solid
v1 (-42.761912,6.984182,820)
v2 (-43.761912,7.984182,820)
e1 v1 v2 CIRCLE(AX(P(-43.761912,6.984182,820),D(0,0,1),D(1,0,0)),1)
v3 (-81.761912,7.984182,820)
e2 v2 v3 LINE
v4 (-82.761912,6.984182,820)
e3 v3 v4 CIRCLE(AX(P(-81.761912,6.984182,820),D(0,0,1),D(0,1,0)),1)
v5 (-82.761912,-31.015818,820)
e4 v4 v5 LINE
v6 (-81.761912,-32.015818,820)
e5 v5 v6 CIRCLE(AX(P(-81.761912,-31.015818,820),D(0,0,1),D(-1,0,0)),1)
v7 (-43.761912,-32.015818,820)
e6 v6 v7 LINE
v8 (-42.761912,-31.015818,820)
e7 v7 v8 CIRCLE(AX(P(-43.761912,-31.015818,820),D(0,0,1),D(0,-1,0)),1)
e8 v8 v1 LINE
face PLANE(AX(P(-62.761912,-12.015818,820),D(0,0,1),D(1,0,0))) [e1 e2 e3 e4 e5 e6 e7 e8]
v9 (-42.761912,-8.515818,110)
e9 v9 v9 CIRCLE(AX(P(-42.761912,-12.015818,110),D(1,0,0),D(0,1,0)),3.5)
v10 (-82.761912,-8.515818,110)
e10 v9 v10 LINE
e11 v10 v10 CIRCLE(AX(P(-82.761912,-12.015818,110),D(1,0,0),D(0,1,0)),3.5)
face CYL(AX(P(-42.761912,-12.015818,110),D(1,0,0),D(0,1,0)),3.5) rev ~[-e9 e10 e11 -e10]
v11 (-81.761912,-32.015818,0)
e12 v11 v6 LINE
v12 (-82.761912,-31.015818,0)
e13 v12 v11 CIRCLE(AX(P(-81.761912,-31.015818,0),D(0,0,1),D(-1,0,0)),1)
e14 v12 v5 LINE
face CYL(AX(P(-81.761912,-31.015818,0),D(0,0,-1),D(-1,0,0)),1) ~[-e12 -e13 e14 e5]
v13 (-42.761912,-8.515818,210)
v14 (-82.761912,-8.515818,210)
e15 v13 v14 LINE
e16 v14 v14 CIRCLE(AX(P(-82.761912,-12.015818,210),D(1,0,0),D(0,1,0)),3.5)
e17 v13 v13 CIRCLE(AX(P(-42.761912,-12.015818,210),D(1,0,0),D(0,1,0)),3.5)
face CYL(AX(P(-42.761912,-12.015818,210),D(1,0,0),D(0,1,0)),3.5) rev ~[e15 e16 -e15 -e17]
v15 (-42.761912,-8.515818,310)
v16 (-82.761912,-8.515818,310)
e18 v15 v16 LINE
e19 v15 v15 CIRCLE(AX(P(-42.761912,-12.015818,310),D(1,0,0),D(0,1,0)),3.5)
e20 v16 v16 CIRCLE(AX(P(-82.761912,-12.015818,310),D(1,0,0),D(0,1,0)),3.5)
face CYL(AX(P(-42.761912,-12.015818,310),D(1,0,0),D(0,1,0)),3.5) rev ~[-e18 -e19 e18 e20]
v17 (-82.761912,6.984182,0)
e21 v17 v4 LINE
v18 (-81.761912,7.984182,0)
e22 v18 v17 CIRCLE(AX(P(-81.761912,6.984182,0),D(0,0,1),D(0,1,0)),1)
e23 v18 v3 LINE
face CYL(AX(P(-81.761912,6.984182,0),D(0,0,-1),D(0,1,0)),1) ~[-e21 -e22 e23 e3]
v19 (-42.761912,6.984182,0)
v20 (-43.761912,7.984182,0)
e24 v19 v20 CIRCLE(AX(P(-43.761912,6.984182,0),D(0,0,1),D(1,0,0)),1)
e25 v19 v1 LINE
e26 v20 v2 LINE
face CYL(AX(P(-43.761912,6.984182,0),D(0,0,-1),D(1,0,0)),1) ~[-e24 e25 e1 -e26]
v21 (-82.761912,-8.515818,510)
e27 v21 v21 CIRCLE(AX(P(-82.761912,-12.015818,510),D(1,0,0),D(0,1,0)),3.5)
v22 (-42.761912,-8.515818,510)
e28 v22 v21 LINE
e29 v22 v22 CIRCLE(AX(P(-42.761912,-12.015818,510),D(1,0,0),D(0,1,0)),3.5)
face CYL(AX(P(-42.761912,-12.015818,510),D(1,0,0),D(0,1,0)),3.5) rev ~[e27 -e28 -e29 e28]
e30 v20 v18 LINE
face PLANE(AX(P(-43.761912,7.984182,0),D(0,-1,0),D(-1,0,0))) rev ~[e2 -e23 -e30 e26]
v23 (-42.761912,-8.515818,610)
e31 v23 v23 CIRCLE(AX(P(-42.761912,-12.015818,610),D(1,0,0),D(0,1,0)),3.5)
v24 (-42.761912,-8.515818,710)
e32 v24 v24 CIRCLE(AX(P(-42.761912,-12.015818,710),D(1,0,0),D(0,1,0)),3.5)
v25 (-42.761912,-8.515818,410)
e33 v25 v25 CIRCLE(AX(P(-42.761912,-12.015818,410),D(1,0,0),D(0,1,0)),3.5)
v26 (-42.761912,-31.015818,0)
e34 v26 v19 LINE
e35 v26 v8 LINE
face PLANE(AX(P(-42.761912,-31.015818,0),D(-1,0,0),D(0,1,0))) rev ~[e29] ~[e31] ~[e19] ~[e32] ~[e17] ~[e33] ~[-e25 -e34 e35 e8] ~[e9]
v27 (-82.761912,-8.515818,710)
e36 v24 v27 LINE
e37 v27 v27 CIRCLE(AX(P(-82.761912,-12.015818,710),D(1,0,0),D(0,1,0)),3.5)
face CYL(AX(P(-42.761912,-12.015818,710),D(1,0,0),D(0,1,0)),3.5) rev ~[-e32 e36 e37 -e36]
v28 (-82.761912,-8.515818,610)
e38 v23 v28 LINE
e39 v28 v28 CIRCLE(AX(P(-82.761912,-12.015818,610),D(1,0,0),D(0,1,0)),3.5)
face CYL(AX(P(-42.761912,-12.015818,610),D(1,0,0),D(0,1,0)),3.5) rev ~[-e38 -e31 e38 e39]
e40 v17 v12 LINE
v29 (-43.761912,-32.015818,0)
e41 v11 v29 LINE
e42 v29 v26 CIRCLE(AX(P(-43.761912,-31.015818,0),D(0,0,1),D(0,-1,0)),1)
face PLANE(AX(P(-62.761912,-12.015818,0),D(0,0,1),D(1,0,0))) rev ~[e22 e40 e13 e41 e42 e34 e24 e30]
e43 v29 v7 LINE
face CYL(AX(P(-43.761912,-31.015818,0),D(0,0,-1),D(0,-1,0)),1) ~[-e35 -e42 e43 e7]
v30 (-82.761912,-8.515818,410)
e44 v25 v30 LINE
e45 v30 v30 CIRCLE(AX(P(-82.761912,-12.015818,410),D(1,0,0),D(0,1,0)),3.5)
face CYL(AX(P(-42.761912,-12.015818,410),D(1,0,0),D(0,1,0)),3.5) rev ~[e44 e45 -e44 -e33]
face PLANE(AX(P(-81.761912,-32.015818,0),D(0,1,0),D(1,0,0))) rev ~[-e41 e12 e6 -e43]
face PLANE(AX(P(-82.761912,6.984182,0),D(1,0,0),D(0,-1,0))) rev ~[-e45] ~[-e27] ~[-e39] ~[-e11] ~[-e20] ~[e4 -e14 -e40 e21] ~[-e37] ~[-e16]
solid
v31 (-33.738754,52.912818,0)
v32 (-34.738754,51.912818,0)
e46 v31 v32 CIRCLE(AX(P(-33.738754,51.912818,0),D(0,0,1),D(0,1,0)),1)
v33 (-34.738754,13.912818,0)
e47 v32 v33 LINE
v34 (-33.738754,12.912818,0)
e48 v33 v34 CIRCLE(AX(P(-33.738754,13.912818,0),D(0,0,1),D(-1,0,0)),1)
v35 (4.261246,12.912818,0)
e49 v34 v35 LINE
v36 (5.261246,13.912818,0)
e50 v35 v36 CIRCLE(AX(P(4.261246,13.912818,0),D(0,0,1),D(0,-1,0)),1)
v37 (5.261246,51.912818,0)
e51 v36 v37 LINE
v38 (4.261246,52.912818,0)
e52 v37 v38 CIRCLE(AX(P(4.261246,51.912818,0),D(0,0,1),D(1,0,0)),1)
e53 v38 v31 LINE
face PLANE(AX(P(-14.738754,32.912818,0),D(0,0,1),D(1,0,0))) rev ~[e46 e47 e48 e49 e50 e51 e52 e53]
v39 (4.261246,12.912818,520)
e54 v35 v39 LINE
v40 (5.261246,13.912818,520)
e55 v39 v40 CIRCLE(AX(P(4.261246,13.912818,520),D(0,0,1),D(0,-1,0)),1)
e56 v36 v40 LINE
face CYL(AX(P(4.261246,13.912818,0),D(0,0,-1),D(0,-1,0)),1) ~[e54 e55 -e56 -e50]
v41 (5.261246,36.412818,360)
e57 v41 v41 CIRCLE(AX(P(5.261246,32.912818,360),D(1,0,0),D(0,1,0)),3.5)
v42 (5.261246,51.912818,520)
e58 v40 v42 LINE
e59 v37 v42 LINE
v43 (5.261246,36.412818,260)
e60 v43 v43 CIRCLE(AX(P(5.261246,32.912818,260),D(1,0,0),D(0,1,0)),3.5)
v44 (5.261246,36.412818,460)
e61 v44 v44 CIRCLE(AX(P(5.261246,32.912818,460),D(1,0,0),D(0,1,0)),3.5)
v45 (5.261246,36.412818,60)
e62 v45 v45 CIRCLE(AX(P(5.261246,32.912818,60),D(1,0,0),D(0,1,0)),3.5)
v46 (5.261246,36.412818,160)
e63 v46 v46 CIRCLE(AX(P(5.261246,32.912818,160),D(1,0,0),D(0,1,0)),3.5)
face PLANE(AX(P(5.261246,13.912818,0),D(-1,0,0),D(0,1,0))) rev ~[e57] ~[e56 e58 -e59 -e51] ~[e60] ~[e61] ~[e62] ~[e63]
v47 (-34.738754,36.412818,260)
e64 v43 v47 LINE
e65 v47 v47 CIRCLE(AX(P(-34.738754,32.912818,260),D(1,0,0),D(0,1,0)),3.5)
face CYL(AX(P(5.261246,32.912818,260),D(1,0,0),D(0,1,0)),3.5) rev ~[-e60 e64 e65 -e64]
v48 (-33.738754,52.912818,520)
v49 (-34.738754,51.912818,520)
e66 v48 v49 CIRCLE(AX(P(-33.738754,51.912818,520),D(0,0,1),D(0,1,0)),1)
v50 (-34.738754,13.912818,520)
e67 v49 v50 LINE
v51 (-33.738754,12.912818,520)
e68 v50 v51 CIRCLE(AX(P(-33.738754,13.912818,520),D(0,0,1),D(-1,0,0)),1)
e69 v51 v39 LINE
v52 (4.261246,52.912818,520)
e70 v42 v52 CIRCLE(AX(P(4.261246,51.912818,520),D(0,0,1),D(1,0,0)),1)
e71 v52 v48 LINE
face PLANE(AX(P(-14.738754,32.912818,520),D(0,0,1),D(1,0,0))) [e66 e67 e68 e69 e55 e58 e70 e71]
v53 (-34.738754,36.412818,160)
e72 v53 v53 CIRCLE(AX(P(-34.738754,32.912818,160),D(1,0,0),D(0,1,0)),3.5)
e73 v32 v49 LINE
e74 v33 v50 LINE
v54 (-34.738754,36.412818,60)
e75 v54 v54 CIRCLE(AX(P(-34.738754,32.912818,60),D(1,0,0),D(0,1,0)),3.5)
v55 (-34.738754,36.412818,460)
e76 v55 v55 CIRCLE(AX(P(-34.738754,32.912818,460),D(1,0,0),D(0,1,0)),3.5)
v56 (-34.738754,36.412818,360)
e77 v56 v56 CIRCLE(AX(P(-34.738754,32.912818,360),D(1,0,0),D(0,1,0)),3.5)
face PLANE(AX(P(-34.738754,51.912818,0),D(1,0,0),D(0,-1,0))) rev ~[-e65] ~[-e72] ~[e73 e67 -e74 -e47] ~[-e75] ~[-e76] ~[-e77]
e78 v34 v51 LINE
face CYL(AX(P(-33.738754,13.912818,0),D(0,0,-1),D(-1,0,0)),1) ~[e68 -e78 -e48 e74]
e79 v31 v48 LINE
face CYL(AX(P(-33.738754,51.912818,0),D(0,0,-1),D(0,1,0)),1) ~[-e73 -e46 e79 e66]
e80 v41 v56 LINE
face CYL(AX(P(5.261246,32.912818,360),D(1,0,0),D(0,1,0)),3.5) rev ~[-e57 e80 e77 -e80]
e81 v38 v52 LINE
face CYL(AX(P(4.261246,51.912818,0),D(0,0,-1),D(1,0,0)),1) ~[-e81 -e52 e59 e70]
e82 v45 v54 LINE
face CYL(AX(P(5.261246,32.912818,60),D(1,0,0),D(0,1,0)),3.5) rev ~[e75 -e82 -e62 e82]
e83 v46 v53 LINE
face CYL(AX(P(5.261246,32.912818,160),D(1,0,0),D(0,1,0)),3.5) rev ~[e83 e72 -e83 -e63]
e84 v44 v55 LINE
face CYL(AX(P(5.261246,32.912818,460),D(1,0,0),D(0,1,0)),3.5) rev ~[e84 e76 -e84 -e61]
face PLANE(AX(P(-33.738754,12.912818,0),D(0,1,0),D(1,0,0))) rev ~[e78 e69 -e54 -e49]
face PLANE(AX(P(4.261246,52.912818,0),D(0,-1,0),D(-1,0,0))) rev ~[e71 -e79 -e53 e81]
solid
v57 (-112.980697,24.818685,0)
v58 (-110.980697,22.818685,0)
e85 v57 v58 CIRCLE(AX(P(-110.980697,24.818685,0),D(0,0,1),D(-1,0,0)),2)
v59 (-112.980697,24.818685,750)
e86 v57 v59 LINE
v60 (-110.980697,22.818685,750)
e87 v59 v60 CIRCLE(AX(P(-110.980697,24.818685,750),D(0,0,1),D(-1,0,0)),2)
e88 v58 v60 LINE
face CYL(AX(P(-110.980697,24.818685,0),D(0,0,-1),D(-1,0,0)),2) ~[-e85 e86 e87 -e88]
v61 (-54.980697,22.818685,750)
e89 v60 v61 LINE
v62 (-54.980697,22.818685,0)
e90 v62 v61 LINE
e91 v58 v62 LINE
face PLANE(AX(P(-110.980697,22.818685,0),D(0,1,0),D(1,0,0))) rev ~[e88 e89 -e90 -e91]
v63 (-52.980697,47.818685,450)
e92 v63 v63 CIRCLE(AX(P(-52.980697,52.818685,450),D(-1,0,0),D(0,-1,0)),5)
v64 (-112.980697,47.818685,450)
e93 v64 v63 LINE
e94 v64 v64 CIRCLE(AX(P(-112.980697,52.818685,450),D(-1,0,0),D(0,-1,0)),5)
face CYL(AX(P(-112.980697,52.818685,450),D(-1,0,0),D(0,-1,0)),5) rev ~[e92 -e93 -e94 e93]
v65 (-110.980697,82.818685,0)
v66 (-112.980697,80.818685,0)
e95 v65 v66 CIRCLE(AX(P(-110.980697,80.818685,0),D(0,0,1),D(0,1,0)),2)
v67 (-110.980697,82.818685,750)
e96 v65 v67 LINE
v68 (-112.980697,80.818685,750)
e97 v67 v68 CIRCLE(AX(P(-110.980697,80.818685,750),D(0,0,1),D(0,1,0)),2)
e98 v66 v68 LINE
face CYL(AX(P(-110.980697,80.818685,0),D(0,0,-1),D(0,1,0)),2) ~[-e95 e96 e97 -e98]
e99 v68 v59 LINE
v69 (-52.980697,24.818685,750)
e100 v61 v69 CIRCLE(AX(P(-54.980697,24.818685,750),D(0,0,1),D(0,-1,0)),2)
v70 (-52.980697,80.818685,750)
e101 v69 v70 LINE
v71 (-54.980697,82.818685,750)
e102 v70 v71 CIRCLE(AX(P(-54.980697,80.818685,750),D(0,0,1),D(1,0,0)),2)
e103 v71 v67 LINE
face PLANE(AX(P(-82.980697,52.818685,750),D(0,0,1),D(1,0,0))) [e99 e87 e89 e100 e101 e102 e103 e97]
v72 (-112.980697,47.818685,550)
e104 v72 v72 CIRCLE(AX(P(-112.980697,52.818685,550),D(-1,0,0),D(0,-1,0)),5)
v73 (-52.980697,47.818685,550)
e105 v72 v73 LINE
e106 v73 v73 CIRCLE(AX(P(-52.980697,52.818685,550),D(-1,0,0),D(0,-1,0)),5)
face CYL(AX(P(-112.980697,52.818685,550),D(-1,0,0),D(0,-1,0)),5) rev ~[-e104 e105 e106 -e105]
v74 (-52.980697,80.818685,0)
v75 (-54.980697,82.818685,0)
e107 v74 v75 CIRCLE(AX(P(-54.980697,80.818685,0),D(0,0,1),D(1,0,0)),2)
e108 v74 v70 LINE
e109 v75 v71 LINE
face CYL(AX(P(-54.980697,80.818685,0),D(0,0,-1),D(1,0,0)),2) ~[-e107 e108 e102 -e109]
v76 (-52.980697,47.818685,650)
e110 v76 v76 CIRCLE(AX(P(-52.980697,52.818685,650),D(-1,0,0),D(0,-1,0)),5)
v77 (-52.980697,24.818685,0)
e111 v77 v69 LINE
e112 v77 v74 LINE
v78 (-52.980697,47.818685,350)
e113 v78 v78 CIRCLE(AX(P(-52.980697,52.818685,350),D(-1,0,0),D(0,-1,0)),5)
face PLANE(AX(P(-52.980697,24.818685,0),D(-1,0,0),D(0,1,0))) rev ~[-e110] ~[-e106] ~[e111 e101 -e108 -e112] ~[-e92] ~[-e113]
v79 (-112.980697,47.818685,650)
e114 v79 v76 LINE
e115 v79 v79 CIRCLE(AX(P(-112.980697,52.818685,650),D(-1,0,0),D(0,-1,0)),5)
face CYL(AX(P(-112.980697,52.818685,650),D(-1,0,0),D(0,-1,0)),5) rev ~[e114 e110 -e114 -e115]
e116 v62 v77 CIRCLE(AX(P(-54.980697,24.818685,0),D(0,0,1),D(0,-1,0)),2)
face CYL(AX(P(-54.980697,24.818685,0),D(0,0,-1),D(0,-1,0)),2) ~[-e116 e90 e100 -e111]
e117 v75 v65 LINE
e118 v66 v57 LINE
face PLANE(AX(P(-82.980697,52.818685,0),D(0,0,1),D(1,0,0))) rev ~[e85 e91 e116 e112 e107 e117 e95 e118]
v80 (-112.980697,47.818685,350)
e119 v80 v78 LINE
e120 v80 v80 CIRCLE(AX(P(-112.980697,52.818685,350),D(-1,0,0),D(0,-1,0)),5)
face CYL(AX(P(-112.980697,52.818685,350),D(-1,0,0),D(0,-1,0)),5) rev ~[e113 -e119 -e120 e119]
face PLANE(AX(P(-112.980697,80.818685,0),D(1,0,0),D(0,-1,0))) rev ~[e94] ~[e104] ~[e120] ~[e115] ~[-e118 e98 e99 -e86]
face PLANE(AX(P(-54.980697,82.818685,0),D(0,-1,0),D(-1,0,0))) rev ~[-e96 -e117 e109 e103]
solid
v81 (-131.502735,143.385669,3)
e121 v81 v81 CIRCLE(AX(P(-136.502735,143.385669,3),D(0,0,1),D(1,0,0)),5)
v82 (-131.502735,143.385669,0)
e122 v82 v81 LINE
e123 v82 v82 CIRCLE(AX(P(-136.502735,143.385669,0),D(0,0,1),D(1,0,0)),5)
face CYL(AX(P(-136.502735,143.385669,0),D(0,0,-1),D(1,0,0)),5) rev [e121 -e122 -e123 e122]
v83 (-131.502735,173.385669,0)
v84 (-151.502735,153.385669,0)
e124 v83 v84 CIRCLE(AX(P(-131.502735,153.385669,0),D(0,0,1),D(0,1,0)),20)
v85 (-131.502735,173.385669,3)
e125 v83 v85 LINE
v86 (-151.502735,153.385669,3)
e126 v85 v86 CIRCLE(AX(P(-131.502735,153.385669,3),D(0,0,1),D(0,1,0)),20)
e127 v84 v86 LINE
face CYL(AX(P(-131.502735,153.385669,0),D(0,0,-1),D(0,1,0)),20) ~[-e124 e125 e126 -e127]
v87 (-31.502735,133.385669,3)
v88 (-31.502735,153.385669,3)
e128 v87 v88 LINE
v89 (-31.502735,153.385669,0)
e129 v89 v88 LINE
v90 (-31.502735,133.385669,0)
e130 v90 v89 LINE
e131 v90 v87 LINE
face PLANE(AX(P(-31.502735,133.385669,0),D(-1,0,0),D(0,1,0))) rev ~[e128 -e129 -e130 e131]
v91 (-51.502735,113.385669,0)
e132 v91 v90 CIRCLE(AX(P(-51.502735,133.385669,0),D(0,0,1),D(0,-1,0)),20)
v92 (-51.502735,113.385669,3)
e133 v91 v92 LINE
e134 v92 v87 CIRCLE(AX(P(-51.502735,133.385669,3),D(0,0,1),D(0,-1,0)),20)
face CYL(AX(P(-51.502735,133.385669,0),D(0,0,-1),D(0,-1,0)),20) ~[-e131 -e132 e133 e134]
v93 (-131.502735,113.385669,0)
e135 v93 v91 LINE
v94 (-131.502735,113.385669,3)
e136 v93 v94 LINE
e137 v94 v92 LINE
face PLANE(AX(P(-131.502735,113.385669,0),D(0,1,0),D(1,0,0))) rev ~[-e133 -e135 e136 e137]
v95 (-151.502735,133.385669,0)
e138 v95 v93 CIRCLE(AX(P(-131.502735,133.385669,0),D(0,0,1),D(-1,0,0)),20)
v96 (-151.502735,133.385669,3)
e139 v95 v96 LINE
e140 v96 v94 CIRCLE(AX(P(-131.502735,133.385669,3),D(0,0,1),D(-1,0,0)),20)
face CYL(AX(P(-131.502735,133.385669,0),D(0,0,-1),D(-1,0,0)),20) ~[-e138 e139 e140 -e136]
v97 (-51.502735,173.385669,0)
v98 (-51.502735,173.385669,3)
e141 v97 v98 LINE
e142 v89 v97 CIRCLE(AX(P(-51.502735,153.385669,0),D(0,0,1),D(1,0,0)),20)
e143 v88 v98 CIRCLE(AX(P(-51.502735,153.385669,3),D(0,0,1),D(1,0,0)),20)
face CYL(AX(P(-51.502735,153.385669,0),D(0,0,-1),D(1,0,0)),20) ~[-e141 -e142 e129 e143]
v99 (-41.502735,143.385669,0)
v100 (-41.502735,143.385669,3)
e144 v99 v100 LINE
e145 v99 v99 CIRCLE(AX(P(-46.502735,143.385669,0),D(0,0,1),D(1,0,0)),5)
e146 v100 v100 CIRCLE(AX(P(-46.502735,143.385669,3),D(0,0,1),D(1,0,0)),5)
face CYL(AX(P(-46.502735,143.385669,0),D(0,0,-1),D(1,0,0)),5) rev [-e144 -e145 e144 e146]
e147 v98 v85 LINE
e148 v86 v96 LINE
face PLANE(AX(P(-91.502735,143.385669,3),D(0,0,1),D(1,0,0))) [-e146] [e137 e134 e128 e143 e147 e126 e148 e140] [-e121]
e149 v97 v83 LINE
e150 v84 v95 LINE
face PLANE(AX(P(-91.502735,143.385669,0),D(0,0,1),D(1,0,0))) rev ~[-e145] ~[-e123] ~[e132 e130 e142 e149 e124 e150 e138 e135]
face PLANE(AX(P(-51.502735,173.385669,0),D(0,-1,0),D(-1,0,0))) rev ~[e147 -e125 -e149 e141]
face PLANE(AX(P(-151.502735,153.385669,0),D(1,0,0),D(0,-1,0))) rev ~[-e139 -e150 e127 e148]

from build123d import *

# Parameters (mm, degrees)
F1_DEPTH  = 750
F3_DEPTH  = 520
F5_DEPTH  = 820
F6_R      = 5
F7_DEPTH  = 118.2429433809
F8_R      = 5
F9_DEPTH  = 3
F10_R     = 3.5
F11_DEPTH = 108.7418225238
F12_R     = 3.5
F13_DEPTH = 156.7649812082


with BuildPart() as f1:
    # F0 (on Top) → F1 (new body)
    with BuildSketch(Plane.XY):
        with BuildLine():
            Line((-54.9806970424, 82.8186849058), (-110.9806970424, 82.8186849058))
            ThreePointArc((-110.9806970424, 82.8186849058), (-112.3949106048, 82.2328984681), (-112.9806970424, 80.8186849058))
            Line((-112.9806970424, 80.8186849058), (-112.9806970424, 24.8186849058))
            ThreePointArc((-112.9806970424, 24.8186849058), (-112.3949106048, 23.4044713434), (-110.9806970424, 22.8186849058))
            Line((-110.9806970424, 22.8186849058), (-54.9806970424, 22.8186849058))
            ThreePointArc((-54.9806970424, 22.8186849058), (-53.56648348, 23.4044713434), (-52.9806970424, 24.8186849058))
            Line((-52.9806970424, 24.8186849058), (-52.9806970424, 80.8186849058))
            ThreePointArc((-52.9806970424, 80.8186849058), (-53.56648348, 82.2328984681), (-54.9806970424, 82.8186849058))
        make_face()
    extrude(amount=F1_DEPTH)

    # F6 (on face) → F7 (cut, through all)
    with BuildSketch(Plane(origin=(-112.9806970424, 0, 0), x_dir=(0, -1, 0), z_dir=(-1, 0, 0))):
        with Locations((-52.8186849058, 650)):
            Circle(F6_R)
        with Locations((-52.8186849058, 550)):
            Circle(F6_R)
        with Locations((-52.8186849058, 450)):
            Circle(F6_R)
        with Locations((-52.8186849058, 350)):
            Circle(F6_R)
    extrude(amount=-F7_DEPTH, mode=Mode.SUBTRACT)


with BuildPart() as f3:
    # F2 (on Top) → F3 (new body)
    with BuildSketch(Plane.XY):
        with BuildLine():
            Line((4.2612463385, 52.912817955), (-33.7387536615, 52.912817955))
            ThreePointArc((-33.7387536615, 52.912817955), (-34.4458604427, 52.6199247362), (-34.7387536615, 51.912817955))
            Line((-34.7387536615, 51.912817955), (-34.7387536615, 13.912817955))
            ThreePointArc((-34.7387536615, 13.912817955), (-34.4458604427, 13.2057111738), (-33.7387536615, 12.912817955))
            Line((-33.7387536615, 12.912817955), (4.2612463385, 12.912817955))
            ThreePointArc((4.2612463385, 12.912817955), (4.9683531197, 13.2057111738), (5.2612463385, 13.912817955))
            Line((5.2612463385, 13.912817955), (5.2612463385, 51.912817955))
            ThreePointArc((5.2612463385, 51.912817955), (4.9683531197, 52.6199247362), (4.2612463385, 52.912817955))
        make_face()
    extrude(amount=F3_DEPTH)

    # F12 (on face) → F13 (cut, through all)
    with BuildSketch(Plane.YZ.offset(5.2612463385)):
        with Locations((32.912817955, 260)):
            Circle(F12_R)
        with Locations((32.912817955, 360)):
            Circle(F12_R)
        with Locations((32.912817955, 460)):
            Circle(F12_R)
        with Locations((32.912817955, 160)):
            Circle(F12_R)
        with Locations((32.912817955, 60)):
            Circle(F12_R)
    extrude(amount=-F13_DEPTH, mode=Mode.SUBTRACT)


with BuildPart() as f5:
    # F4 (on Top) → F5 (new body)
    with BuildSketch(Plane.XY):
        with BuildLine():
            Line((-43.7619123459, 7.984181866), (-81.7619123459, 7.984181866))
            ThreePointArc((-81.7619123459, 7.984181866), (-82.4690191271, 7.6912886472), (-82.7619123459, 6.984181866))
            Line((-82.7619123459, 6.984181866), (-82.7619123459, -31.015818134))
            ThreePointArc((-82.7619123459, -31.015818134), (-82.4690191271, -31.7229249151), (-81.7619123459, -32.015818134))
            Line((-81.7619123459, -32.015818134), (-43.7619123459, -32.015818134))
            ThreePointArc((-43.7619123459, -32.015818134), (-43.0548055647, -31.7229249151), (-42.7619123459, -31.015818134))
            Line((-42.7619123459, -31.015818134), (-42.7619123459, 6.984181866))
            ThreePointArc((-42.7619123459, 6.984181866), (-43.0548055647, 7.6912886472), (-43.7619123459, 7.984181866))
        make_face()
    extrude(amount=F5_DEPTH)

    # F10 (on face) → F11 (cut, through all)
    with BuildSketch(Plane.YZ.offset(-42.7619123459)):
        with Locations((-12.015818134, 410)):
            Circle(F10_R)
        with Locations((-12.015818134, 510)):
            Circle(F10_R)
        with Locations((-12.015818134, 610)):
            Circle(F10_R)
        with Locations((-12.015818134, 710)):
            Circle(F10_R)
        with Locations((-12.015818134, 310)):
            Circle(F10_R)
        with Locations((-12.015818134, 210)):
            Circle(F10_R)
        with Locations((-12.015818134, 110)):
            Circle(F10_R)
    extrude(amount=-F11_DEPTH, mode=Mode.SUBTRACT)


with BuildPart() as f9:
    # F8 (on Top) → F9 (new body)
    with BuildSketch(Plane.XY):
        with BuildLine():
            Line((-51.5027348697, 173.3856686354), (-131.5027348697, 173.3856686354))
            ThreePointArc((-131.5027348697, 173.3856686354), (-145.6448704934, 167.5278042591), (-151.5027348697, 153.3856686354))
            Line((-151.5027348697, 153.3856686354), (-151.5027348697, 133.3856686354))
            ThreePointArc((-151.5027348697, 133.3856686354), (-145.6448704934, 119.2435330116), (-131.5027348697, 113.3856686354))
            Line((-131.5027348697, 113.3856686354), (-51.5027348697, 113.3856686354))
            ThreePointArc((-51.5027348697, 113.3856686354), (-37.360599246, 119.2435330116), (-31.5027348697, 133.3856686354))
            Line((-31.5027348697, 133.3856686354), (-31.5027348697, 153.3856686354))
            ThreePointArc((-31.5027348697, 153.3856686354), (-37.360599246, 167.5278042591), (-51.5027348697, 173.3856686354))
        make_face()
        with Locations((-46.5027348697, 143.3856686354)):
            Circle(F8_R, mode=Mode.SUBTRACT)
        with Locations((-136.5027348697, 143.3856686354)):
            Circle(F8_R, mode=Mode.SUBTRACT)
    extrude(amount=F9_DEPTH)


solid = Compound([f1.part, f3.part, f5.part, f9.part])
